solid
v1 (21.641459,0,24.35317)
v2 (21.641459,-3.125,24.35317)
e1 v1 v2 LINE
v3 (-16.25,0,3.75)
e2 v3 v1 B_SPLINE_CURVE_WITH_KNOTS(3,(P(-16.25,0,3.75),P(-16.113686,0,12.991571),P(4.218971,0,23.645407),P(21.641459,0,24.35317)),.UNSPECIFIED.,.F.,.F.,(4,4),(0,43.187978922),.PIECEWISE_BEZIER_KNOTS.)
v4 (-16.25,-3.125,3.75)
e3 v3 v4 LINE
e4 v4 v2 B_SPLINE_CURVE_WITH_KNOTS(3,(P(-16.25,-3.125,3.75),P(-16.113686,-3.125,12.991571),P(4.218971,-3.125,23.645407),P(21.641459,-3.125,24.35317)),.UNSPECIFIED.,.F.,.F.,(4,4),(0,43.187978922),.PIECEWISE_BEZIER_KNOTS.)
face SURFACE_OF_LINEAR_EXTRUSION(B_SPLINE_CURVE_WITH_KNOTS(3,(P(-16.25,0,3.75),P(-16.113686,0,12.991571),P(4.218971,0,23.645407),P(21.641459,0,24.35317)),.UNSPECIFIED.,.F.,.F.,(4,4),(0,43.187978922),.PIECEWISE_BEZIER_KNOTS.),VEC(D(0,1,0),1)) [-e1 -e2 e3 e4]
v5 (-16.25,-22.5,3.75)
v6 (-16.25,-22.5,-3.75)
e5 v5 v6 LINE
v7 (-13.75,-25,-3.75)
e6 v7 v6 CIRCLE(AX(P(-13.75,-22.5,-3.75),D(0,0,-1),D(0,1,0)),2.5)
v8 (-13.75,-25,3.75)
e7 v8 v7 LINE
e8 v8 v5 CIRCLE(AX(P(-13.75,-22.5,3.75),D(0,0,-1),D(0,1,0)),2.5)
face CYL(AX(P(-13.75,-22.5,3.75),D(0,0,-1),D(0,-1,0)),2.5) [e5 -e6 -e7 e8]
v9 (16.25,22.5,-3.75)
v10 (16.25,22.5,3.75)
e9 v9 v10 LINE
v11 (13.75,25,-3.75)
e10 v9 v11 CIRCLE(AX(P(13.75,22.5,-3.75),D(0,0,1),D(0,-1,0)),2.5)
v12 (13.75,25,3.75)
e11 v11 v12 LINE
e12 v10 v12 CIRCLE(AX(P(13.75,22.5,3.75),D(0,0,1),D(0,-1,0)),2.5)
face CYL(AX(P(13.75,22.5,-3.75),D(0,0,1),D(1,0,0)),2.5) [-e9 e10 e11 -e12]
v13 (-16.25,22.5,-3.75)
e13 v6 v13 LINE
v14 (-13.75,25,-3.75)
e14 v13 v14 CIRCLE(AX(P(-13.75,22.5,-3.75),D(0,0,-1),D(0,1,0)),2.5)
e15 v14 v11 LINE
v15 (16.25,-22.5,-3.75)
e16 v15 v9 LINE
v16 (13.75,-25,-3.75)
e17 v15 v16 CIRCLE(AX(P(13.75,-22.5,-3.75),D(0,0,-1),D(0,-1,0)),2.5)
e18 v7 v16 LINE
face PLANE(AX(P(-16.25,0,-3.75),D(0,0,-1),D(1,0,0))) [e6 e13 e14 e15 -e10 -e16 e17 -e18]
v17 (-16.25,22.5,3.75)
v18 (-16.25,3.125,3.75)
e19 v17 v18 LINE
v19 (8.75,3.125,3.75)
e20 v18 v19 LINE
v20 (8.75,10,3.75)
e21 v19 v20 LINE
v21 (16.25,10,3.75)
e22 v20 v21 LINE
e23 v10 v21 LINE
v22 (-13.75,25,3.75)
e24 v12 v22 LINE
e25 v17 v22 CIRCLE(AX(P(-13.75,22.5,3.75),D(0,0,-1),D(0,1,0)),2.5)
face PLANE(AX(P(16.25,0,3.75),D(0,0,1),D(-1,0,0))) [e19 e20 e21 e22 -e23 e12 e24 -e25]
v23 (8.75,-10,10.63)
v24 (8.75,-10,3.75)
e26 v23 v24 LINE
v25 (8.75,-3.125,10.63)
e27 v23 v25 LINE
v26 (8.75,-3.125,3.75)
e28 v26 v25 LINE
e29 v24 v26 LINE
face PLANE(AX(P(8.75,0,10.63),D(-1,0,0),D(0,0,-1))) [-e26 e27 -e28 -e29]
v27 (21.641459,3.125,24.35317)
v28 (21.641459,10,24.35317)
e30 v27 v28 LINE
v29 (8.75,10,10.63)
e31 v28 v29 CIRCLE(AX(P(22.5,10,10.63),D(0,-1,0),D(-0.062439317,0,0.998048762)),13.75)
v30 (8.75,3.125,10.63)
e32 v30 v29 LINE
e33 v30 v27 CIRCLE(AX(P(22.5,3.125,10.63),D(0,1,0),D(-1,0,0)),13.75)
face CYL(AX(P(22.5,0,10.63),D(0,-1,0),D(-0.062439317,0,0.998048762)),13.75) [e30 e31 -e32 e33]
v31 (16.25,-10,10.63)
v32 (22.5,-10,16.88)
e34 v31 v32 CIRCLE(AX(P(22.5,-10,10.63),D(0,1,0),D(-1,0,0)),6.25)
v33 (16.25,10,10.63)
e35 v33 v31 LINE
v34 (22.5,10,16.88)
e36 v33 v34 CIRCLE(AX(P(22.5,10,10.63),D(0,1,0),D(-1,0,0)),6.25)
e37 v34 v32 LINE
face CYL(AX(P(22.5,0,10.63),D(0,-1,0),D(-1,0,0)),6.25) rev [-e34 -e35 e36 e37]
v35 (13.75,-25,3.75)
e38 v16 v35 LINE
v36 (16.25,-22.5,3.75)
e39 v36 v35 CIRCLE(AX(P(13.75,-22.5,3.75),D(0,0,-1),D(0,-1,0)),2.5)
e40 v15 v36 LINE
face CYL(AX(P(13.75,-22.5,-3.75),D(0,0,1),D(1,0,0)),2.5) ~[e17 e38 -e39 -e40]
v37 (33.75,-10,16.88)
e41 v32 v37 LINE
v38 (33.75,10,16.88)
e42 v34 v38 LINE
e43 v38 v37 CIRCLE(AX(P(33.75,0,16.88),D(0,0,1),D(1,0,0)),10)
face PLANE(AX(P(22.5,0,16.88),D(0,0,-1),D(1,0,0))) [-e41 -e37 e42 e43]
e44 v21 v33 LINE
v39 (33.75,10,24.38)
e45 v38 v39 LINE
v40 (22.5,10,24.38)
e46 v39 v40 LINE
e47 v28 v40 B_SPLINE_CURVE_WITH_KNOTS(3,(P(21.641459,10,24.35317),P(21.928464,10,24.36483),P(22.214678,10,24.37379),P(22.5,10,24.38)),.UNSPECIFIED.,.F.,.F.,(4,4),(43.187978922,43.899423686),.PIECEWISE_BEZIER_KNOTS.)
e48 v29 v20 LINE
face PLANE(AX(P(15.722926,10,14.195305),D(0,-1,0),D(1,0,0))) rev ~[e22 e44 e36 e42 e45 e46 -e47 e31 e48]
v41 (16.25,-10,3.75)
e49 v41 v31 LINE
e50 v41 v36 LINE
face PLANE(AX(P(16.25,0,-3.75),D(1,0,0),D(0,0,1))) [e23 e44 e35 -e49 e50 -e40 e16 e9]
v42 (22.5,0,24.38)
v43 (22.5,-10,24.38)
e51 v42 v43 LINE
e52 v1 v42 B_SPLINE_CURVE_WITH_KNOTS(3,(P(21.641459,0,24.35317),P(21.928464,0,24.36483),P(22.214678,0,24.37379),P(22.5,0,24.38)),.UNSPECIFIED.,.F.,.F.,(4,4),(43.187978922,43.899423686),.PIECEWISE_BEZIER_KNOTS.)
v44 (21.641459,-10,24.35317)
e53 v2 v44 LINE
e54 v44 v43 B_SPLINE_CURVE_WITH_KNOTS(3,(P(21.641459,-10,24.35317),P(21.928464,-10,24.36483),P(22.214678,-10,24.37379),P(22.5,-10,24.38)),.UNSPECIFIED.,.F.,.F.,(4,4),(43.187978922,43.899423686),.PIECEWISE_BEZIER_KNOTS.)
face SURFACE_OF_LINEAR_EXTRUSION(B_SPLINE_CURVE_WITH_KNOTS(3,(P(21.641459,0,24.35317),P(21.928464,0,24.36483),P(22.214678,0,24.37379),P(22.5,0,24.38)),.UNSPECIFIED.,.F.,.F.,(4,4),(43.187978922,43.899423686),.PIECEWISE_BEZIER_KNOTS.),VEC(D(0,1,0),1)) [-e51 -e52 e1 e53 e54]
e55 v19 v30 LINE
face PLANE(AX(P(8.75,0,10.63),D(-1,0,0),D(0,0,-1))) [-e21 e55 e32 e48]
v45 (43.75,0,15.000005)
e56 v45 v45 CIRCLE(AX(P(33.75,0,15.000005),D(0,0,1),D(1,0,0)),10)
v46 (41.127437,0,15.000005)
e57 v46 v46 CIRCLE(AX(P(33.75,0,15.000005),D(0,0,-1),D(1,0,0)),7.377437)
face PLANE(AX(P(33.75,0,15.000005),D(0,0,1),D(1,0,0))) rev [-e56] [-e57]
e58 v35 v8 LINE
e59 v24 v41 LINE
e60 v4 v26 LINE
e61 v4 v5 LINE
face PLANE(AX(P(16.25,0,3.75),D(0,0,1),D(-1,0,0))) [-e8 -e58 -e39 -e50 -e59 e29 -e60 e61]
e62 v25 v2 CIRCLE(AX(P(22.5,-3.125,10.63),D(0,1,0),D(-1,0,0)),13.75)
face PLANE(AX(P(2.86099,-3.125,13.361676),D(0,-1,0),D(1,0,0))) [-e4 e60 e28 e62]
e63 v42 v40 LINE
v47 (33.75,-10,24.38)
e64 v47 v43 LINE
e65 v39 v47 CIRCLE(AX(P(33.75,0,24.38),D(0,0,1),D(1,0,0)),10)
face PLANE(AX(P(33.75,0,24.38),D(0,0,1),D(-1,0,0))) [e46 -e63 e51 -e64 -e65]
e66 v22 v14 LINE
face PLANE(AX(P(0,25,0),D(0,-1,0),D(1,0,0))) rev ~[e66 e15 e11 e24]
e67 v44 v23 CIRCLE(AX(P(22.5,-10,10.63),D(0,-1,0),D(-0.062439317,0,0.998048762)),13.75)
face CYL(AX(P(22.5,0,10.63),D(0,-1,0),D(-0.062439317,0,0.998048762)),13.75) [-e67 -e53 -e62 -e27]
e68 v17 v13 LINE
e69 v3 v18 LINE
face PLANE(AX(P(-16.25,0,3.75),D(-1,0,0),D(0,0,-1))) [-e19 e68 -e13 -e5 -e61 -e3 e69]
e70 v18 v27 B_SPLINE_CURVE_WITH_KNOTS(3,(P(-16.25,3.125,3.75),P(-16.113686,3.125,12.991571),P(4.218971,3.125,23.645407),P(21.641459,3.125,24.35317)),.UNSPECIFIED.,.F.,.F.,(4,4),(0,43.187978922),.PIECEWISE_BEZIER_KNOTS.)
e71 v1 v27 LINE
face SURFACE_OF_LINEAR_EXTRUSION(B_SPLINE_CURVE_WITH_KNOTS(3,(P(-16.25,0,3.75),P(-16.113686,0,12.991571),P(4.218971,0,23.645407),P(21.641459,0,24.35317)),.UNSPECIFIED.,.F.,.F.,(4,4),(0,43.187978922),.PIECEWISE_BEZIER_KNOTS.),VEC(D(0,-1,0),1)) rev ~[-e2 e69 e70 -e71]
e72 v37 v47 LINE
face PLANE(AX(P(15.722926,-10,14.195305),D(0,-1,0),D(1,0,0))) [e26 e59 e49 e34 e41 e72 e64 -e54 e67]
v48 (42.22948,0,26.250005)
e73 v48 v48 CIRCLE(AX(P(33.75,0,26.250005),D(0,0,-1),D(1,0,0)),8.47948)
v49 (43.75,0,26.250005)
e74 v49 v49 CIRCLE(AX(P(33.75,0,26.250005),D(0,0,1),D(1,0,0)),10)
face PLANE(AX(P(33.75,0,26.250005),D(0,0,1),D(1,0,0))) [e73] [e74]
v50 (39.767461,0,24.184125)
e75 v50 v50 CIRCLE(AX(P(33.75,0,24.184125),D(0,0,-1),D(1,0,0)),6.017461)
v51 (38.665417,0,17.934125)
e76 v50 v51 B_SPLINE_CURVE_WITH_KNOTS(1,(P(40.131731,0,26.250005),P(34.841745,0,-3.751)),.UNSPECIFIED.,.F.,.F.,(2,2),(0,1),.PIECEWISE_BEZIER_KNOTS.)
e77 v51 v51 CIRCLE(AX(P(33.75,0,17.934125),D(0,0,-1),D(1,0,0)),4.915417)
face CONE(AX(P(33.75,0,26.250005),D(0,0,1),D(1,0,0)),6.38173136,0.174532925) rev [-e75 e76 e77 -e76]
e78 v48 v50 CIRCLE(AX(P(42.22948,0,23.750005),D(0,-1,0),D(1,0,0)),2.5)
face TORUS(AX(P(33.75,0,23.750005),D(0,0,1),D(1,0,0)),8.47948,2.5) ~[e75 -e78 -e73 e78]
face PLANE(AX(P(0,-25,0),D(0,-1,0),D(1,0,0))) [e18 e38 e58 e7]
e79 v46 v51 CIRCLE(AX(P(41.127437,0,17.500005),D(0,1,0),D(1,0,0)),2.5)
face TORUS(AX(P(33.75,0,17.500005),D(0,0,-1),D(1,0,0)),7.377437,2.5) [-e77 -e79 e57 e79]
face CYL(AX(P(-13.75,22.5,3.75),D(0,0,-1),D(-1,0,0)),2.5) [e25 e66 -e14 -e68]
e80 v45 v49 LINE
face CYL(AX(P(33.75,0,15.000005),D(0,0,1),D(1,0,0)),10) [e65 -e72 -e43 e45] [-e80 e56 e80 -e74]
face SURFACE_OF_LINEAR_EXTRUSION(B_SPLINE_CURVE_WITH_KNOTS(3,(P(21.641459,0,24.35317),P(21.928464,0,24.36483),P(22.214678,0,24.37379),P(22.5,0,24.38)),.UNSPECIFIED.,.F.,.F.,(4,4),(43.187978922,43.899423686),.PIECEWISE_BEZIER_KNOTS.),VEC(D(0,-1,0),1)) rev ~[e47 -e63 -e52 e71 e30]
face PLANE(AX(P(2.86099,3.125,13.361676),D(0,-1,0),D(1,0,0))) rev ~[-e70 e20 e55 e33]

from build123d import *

# Parameters (mm, degrees)
F1_DEPTH = 25
F0_W     = 10
F0_H     = 7.5
F2_DEPTH = 10
F3_DEPTH = 3.125
F5_R     = 2.5
F6_R     = 6.3817313598
F7_DEPTH = 30.0010045886
F7_TAPER = 10
F8_R     = 2.5


with BuildPart() as f1:
    # F0 (on Front) → F1 (new body, symmetric)
    with BuildSketch(Plane.XZ):
        Polygon((16.25, -3.75), (16.25, 3.75), (8.75, 3.75), (-16.25, 3.75), (-16.25, -3.75), align=None)
    extrude(amount=F1_DEPTH, both=True)

    # F0 (on Front) → F2 (join, symmetric)
    with BuildSketch(Plane.XZ):
        with BuildLine():
            Line((8.75, 3.75), (16.25, 3.75))
            Line((16.25, 3.75), (16.25, 10.63))
            ThreePointArc((16.25, 10.63), (18.0805826176, 15.0494173824), (22.5, 16.88))
            Line((22.5, 16.88), (23.75, 16.88))
            Line((23.75, 16.88), (23.75, 24.38))
            Line((23.75, 24.38), (22.5, 24.38))
            add(Edge.make_bspline(
                [(21.641459386, 24.3531704797), (21.9284637446, 24.3648296115), (22.2146783802, 24.37378971), (22.5, 24.38)],
                knots=[43.1879789216, 43.1879789216, 43.1879789216, 43.1879789216, 43.8994236864, 43.8994236864, 43.8994236864, 43.8994236864], degree=3))
            ThreePointArc((21.641459386, 24.3531704797), (12.4783376269, 20.0442861269), (8.75, 10.63))
            Line((8.75, 10.63), (8.75, 3.75))
        make_face()
        with Locations((28.75, 20.63)):
            Rectangle(F0_W, F0_H)
    extrude(amount=F2_DEPTH, both=True)

    # F0 (on Front) → F3 (join, symmetric)
    with BuildSketch(Plane.XZ):
        with BuildLine():
            Line((-16.25, 3.75), (8.75, 3.75))
            Line((8.75, 3.75), (8.75, 10.63))
            ThreePointArc((8.75, 10.63), (12.4783376269, 20.0442861269), (21.641459386, 24.3531704797))
            add(Edge.make_bspline(
                [(-16.25, 3.75), (-16.1136864782, 12.9915711447), (4.2189709464, 23.645407395), (21.641459386, 24.3531704797)],
                knots=[0, 0, 0, 0, 43.1879789216, 43.1879789216, 43.1879789216, 43.1879789216], degree=3))
        make_face()
    extrude(amount=F3_DEPTH, both=True)

    # F0 (on Front) → F4 (revolve)
    with BuildSketch(Plane.XZ):
        Polygon((33.75, 24.38), (33.75, 16.88), (33.75, 15.0000045886), (43.75, 15.0000045886), (43.75, 26.2500045886), (33.75, 26.2500045886), align=None)
    revolve(axis=Axis((33.75, 0, 20.6250045886), (0, 0, 1)))

    # F5
    f5_edges = [f1.edges().sort_by_distance(p)[0] for p in [
        (16.25, -25, 0),
        (-16.25, -25, 0),
        (-16.25, 25, 0),
        (16.25, 25, 0),
    ]]
    fillet(f5_edges, radius=F5_R)

    # F6 (on face) → F7 (cut, through all)
    with BuildSketch(Plane.XY.offset(26.2500045886)):
        with Locations((33.75, 0)):
            Circle(F6_R)
    extrude(amount=-F7_DEPTH, taper=F7_TAPER, mode=Mode.SUBTRACT)

    # F8
    f8_edges = [f1.edges().sort_by_distance(p)[0] for p in [
        (27.368269, 0, 26.250005),
        (29.351947, 0, 15.000005),
    ]]
    fillet(f8_edges, radius=F8_R)


solid = f1.part
